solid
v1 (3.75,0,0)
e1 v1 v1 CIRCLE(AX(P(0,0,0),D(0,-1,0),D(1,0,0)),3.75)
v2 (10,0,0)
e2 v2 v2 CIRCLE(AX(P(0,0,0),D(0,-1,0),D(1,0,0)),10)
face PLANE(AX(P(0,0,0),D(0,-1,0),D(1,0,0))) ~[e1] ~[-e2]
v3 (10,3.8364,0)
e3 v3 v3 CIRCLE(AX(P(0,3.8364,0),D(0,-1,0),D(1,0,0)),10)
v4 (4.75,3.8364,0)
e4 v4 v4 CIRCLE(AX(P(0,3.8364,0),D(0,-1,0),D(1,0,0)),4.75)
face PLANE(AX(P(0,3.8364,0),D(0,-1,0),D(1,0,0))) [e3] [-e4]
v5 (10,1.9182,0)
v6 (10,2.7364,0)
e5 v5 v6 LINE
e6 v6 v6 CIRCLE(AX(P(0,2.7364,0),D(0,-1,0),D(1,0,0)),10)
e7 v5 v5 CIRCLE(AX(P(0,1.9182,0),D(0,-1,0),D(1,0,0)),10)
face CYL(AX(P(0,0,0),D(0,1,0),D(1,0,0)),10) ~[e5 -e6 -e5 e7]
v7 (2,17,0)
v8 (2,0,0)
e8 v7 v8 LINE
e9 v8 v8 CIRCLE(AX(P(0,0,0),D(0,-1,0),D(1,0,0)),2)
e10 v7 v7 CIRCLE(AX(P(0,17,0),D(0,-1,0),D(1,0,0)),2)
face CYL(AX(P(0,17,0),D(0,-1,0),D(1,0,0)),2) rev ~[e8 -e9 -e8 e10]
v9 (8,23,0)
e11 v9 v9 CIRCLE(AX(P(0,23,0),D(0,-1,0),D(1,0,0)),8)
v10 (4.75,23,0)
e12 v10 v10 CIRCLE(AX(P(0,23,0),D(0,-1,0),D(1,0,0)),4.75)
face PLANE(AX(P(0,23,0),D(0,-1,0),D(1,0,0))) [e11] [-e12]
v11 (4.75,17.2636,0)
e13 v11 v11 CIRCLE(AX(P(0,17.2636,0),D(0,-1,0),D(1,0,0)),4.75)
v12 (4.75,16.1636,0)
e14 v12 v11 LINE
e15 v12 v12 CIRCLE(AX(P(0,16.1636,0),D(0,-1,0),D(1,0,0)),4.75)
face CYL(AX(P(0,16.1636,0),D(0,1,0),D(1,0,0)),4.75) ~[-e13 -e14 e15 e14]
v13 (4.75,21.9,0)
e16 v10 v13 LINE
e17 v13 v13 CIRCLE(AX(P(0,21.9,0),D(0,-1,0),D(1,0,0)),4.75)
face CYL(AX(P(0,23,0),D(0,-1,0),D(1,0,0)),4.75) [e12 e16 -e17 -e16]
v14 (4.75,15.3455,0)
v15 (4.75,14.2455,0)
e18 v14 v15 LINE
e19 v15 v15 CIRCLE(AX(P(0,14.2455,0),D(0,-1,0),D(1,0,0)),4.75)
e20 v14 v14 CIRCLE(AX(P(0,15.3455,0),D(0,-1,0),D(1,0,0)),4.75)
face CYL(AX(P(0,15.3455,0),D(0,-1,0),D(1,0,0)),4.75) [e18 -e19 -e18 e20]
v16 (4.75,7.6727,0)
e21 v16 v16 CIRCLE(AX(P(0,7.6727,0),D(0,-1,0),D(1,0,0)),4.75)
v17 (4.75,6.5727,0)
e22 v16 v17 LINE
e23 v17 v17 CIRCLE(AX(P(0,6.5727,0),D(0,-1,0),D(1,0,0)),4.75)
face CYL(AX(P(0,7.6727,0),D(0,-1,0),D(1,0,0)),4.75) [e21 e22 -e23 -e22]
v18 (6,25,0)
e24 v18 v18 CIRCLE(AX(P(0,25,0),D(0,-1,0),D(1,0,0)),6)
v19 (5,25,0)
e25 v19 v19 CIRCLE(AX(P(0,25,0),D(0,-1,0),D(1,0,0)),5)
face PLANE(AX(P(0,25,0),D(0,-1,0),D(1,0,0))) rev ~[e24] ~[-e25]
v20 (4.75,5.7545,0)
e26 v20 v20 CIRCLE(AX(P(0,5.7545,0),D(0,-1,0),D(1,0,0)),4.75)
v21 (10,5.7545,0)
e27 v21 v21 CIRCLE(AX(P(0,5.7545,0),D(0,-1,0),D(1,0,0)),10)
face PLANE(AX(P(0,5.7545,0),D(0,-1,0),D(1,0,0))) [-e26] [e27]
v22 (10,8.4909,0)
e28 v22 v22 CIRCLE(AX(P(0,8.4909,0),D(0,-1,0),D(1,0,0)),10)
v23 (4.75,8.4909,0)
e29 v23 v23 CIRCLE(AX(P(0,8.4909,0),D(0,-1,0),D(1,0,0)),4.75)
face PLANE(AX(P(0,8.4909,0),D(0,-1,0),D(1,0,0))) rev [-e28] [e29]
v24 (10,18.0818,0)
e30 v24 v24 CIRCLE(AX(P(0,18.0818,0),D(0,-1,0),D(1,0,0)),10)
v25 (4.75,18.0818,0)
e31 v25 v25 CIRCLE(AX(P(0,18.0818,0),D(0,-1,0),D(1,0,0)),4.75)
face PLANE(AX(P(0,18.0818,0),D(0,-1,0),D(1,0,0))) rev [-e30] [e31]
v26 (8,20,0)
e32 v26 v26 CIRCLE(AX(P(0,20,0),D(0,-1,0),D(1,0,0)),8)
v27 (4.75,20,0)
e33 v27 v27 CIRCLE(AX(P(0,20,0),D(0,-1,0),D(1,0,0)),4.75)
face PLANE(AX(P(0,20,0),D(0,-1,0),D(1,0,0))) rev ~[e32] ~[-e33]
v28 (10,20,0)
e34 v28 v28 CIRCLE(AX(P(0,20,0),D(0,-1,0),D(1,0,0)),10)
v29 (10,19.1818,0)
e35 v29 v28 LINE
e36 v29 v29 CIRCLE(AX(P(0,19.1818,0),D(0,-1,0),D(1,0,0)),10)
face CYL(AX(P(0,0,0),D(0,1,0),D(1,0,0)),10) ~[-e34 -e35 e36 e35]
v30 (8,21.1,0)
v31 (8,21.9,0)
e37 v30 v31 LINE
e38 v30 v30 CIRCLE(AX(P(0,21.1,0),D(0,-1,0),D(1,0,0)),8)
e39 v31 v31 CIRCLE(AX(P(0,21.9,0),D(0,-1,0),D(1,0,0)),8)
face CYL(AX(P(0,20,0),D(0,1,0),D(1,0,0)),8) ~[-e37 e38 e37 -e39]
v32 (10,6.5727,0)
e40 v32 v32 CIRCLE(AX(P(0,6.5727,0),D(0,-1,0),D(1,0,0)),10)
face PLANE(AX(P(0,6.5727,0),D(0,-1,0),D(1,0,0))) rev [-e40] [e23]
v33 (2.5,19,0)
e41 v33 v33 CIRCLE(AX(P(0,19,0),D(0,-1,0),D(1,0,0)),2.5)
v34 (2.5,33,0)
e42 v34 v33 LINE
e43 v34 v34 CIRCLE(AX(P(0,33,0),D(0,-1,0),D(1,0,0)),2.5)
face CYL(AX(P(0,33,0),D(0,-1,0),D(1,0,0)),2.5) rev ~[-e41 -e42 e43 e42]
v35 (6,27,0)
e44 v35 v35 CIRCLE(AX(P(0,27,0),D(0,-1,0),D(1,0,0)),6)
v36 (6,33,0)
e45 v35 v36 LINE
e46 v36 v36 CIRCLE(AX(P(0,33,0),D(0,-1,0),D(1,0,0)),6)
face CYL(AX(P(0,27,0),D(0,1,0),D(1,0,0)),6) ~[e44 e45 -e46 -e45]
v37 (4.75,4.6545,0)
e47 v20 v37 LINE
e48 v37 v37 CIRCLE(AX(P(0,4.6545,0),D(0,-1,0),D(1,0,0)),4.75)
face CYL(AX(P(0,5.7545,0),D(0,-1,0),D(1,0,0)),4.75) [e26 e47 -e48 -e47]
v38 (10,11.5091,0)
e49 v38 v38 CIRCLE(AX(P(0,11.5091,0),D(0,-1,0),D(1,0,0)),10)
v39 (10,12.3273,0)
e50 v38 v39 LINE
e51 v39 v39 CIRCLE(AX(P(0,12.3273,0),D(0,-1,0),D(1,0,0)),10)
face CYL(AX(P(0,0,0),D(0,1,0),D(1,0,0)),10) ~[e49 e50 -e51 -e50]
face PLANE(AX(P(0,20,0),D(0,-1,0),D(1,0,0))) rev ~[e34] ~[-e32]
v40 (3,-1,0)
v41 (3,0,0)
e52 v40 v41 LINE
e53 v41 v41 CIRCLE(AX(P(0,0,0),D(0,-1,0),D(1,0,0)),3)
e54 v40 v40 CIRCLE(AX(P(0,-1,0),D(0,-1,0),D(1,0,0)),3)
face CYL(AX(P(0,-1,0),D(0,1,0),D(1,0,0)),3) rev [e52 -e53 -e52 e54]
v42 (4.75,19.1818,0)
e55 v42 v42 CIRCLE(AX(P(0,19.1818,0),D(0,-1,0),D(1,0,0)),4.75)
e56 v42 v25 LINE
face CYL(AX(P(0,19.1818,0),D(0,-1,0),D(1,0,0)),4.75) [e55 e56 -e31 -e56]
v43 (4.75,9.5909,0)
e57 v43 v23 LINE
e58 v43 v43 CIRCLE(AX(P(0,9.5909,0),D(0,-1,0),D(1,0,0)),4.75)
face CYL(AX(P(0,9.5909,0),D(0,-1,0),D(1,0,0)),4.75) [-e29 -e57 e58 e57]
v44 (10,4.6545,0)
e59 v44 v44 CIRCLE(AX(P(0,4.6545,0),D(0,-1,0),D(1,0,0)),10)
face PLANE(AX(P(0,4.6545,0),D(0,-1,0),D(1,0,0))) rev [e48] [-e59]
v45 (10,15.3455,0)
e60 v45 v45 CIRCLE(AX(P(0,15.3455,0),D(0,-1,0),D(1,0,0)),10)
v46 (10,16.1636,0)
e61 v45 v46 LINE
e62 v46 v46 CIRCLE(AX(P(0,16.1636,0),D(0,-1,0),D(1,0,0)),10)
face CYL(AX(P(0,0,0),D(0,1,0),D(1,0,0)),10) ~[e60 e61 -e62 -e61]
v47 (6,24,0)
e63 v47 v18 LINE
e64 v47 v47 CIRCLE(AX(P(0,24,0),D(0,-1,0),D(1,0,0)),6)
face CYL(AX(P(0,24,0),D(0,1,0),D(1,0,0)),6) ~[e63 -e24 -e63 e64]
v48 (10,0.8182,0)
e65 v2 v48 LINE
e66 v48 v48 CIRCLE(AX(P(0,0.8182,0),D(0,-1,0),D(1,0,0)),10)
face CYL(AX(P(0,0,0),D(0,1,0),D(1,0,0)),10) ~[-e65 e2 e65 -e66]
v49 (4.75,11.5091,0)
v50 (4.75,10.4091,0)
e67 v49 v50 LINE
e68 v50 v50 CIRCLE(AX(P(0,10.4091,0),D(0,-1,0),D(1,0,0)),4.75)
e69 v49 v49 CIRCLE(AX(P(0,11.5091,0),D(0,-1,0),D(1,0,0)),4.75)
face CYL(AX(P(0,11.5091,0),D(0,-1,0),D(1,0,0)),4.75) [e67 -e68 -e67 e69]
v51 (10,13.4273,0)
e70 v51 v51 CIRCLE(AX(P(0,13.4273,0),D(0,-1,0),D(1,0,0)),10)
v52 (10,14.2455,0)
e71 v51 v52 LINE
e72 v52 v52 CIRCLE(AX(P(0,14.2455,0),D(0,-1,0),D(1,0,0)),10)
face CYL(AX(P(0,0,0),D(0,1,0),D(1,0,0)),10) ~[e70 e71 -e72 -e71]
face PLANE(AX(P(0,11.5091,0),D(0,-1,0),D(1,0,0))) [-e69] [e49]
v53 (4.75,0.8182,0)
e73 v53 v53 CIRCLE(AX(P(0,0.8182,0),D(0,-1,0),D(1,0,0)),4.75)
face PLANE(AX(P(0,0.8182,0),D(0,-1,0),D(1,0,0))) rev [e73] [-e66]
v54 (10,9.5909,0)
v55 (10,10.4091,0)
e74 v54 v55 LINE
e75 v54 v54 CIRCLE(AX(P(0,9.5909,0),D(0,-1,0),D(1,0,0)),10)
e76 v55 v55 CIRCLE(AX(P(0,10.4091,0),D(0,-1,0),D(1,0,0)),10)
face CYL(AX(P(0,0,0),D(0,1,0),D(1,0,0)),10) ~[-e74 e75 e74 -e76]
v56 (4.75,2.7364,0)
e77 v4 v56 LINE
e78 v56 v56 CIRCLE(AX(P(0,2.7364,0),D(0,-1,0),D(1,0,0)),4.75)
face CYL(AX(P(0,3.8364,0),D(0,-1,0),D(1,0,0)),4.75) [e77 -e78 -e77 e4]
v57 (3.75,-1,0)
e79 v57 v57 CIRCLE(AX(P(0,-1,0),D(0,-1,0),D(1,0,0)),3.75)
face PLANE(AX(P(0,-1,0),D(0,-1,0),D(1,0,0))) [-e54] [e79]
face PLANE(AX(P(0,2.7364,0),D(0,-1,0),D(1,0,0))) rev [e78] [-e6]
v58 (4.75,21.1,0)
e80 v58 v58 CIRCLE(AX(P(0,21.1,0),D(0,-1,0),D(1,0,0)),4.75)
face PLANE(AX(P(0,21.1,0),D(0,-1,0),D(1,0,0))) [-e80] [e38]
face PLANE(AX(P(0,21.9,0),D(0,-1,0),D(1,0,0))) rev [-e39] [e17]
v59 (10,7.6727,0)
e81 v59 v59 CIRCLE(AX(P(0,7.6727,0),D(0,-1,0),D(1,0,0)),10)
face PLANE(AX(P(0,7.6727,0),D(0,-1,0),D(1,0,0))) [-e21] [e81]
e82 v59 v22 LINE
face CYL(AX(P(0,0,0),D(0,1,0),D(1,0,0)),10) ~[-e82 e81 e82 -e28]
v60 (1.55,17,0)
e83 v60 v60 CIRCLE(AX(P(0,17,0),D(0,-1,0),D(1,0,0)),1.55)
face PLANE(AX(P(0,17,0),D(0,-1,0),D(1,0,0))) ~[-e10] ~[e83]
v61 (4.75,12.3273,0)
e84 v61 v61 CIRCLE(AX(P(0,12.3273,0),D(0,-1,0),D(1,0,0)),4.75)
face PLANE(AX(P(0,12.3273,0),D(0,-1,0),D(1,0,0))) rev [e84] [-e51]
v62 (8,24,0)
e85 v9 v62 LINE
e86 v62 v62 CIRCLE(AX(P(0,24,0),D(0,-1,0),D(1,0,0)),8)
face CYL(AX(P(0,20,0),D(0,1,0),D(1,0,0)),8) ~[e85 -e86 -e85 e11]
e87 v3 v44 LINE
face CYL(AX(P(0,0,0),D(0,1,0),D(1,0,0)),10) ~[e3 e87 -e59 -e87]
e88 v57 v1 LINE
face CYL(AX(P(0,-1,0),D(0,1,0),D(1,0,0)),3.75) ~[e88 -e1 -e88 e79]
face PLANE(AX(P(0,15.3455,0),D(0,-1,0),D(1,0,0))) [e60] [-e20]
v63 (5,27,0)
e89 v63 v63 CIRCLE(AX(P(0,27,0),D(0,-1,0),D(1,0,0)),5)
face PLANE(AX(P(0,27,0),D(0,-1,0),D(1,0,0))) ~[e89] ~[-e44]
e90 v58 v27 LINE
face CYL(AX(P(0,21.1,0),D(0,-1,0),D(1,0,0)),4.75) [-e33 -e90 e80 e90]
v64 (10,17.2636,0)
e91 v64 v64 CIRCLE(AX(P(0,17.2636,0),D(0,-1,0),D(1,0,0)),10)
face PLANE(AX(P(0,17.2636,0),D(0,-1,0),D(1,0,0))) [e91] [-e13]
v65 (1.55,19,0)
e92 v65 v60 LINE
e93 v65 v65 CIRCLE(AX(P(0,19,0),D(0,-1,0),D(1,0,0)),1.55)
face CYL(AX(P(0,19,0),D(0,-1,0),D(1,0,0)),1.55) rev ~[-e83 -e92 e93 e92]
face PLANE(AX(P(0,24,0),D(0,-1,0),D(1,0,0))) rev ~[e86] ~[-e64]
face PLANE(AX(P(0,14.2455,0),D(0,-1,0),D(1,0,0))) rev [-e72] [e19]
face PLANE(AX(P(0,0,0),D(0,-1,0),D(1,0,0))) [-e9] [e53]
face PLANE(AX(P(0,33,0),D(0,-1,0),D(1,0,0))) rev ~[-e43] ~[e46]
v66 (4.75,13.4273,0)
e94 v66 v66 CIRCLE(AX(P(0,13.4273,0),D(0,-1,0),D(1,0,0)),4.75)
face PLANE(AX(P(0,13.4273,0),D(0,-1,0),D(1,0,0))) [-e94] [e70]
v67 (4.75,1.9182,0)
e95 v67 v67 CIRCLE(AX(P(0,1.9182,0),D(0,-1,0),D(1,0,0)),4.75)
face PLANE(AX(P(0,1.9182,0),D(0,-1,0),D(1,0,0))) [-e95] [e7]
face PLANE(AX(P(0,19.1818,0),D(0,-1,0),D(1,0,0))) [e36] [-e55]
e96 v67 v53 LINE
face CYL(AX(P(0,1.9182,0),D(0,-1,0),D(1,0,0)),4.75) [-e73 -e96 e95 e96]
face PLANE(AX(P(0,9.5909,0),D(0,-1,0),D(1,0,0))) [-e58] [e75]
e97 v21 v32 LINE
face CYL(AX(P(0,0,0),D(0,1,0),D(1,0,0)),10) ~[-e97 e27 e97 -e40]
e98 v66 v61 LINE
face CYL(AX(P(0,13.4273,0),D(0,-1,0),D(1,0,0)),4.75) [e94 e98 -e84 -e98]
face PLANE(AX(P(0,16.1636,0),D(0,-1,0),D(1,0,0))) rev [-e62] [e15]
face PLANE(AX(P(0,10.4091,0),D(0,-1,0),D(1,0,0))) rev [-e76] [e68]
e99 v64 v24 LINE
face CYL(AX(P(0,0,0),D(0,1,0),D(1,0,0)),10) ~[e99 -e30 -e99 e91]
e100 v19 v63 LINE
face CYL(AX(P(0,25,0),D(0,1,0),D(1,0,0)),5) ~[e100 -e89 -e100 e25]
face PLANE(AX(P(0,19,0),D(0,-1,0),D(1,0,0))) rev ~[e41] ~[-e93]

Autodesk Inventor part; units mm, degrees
ref_plane "YZ Plane" through (0, 0, 0) normal (1, 0, 0) x (0, 1, 0)
ref_plane "XZ Plane" through (0, 0, 0) normal (0, 1, 0) x (-1, 0, 0)
ref_plane "XY Plane" through (0, 0, 0) normal (0, 0, 1) x (1, 0, 0)
sketch "Sketch1" plane through (0, 0, 0) normal (0, 0, 1) x (1, 0, 0)
  line L0 (0, 33) -> (0, -1)
  line L1 (0, -1) -> (3.75, -1) construction
  line L2 (3.75, -1) -> (3.75, 0)
  line L3 (3.75, 0) -> (10, 0)
  line L4 (10, 0) -> (10, 20)
  line L5 (10, 20) -> (8, 20)
  line L6 (8, 20) -> (8, 24)
  line L7 (8, 24) -> (6, 24)
  line L8 (6, 24) -> (6, 25)
  line L9 (6, 25) -> (5, 25)
  line L10 (5, 25) -> (5, 27)
  line L11 (5, 27) -> (6, 27)
  line L12 (6, 27) -> (6, 33)
  line L13 (6, 33) -> (0, 33)
  line L14 (10, 0) -> (0, 0) construction
  line L15 (6, 24) -> (6, 33) construction
  line L16 (2.5, 33) -> (2.5, 19)
  line L17 (2.5, 19) -> (1.55, 19)
  line L18 (1.55, 19) -> (1.55, 17)
  line L19 (1.55, 17) -> (2, 17)
  line L20 (10, 19.1818) -> (4.75, 19.1818)
  line L21 (4.75, 19.1818) -> (4.75, 18.0818)
  line L22 (4.75, 18.0818) -> (10, 18.0818)
  line L23 (10, 17.2636) -> (4.75, 17.2636)
  line L24 (4.75, 16.1636) -> (4.75, 17.2636)
  line L25 (4.75, 16.1636) -> (10, 16.1636)
  line L26 (10, 15.3455) -> (4.75, 15.3455)
  line L27 (4.75, 15.3455) -> (4.75, 14.2455)
  line L28 (4.75, 14.2455) -> (10, 14.2455)
  line L29 (10, 13.4273) -> (4.75, 13.4273)
  line L30 (4.75, 13.4273) -> (4.75, 12.3273)
  line L31 (4.75, 12.3273) -> (10, 12.3273)
  line L32 (10, 11.5091) -> (4.75, 11.5091)
  line L33 (4.75, 11.5091) -> (4.75, 10.4091)
  line L34 (4.75, 10.4091) -> (10, 10.4091)
  line L35 (10, 9.5909) -> (4.75, 9.5909)
  line L36 (4.75, 9.5909) -> (4.75, 8.4909)
  line L37 (4.75, 8.4909) -> (10, 8.4909)
  line L38 (10, 7.6727) -> (4.75, 7.6727)
  line L39 (4.75, 7.6727) -> (4.75, 6.5727)
  line L40 (4.75, 6.5727) -> (10, 6.5727)
  line L41 (10, 5.7545) -> (4.75, 5.7545)
  line L42 (4.75, 5.7545) -> (4.75, 4.6545)
  line L43 (4.75, 4.6545) -> (10, 4.6545)
  line L44 (4.75, 18.0818) -> (4.75, 17.2636) construction
  line L45 (4.75, 16.1636) -> (4.75, 15.3455) construction
  line L46 (4.75, 14.2455) -> (4.75, 13.4273) construction
  line L47 (4.75, 12.3273) -> (4.75, 11.5091) construction
  line L48 (4.75, 10.4091) -> (4.75, 9.5909) construction
  line L49 (4.75, 8.4909) -> (4.75, 7.6727) construction
  line L50 (4.75, 6.5727) -> (4.75, 5.7545) construction
  line L51 (10, 3.8364) -> (4.75, 3.8364)
  line L52 (4.75, 3.8364) -> (4.75, 2.7364)
  line L53 (4.75, 2.7364) -> (10, 2.7364)
  line L54 (10, 1.9182) -> (4.75, 1.9182)
  line L55 (4.75, 1.9182) -> (4.75, 0.8182)
  line L56 (4.75, 0.8182) -> (10, 0.8182)
  line L57 (4.75, 4.6545) -> (4.75, 3.8364) construction
  line L58 (4.75, 2.7364) -> (4.75, 1.9182) construction
  line L59 (4.75, 0) -> (4.75, 0.8182) construction
  line L60 (8, 20) -> (8, 19.1818) construction
  line L61 (8, 23) -> (4.75, 23)
  line L62 (4.75, 23) -> (4.75, 21.9)
  line L63 (4.75, 21.9) -> (8, 21.9)
  line L64 (8, 20) -> (4.75, 20)
  line L65 (8, 21.1) -> (4.75, 21.1)
  line L66 (4.75, 21.1) -> (4.75, 20)
  line L67 (3, -1) -> (3, 0)
  line L68 (3.75, -1) -> (3, -1)
  line L69 (2, 17) -> (2, 0)
  line L70 (3, 0) -> (2, 0)
  point P0 (5.5, 25)
  dimension "d2" = 12
  dimension "d3" = 20
  dimension "d4" = 7.5
  dimension "d5" = 20
  dimension "d6" = 16
  dimension "d7" = 10
  dimension "d11" = 6
  dimension "d12" = 8
  dimension "d13" = 33
  dimension "d14" = 5
  dimension "d16" = 3.1
  dimension "d17" = 17
  dimension "d18" = 14
  dimension "d19" = 9
  dimension "d21" = 1.1
  dimension "d25" = 9.5
  dimension "d26" = 1
  dimension "d27" = 0.8
  dimension "d28" = 1
  dimension "d29" = 6
  dimension "d30" = 4
revolve "Revolution1" add sketch "Sketch1" angle 360 about axis through (0, 33, 0) along (0, -1, 0) contours L68 L67 L70 L69 L19 L18 L17 L16 L13 L12 L11 L10 L9 L8 L7 L6 L61 L62 L63 L65 L66 L64 L5 L4 L20 L21 L22 L23 L24 L25 L26 L27 L28 L29 L30 L31 L32 L33 L34 L35 L36 L37 L38 L39 L40 L41 L42 L43 L51 L52 L53 L54 L55 L56 L3 L2
properties part number "REVO-micro Heatsing body" material "Aluminum 6061"
